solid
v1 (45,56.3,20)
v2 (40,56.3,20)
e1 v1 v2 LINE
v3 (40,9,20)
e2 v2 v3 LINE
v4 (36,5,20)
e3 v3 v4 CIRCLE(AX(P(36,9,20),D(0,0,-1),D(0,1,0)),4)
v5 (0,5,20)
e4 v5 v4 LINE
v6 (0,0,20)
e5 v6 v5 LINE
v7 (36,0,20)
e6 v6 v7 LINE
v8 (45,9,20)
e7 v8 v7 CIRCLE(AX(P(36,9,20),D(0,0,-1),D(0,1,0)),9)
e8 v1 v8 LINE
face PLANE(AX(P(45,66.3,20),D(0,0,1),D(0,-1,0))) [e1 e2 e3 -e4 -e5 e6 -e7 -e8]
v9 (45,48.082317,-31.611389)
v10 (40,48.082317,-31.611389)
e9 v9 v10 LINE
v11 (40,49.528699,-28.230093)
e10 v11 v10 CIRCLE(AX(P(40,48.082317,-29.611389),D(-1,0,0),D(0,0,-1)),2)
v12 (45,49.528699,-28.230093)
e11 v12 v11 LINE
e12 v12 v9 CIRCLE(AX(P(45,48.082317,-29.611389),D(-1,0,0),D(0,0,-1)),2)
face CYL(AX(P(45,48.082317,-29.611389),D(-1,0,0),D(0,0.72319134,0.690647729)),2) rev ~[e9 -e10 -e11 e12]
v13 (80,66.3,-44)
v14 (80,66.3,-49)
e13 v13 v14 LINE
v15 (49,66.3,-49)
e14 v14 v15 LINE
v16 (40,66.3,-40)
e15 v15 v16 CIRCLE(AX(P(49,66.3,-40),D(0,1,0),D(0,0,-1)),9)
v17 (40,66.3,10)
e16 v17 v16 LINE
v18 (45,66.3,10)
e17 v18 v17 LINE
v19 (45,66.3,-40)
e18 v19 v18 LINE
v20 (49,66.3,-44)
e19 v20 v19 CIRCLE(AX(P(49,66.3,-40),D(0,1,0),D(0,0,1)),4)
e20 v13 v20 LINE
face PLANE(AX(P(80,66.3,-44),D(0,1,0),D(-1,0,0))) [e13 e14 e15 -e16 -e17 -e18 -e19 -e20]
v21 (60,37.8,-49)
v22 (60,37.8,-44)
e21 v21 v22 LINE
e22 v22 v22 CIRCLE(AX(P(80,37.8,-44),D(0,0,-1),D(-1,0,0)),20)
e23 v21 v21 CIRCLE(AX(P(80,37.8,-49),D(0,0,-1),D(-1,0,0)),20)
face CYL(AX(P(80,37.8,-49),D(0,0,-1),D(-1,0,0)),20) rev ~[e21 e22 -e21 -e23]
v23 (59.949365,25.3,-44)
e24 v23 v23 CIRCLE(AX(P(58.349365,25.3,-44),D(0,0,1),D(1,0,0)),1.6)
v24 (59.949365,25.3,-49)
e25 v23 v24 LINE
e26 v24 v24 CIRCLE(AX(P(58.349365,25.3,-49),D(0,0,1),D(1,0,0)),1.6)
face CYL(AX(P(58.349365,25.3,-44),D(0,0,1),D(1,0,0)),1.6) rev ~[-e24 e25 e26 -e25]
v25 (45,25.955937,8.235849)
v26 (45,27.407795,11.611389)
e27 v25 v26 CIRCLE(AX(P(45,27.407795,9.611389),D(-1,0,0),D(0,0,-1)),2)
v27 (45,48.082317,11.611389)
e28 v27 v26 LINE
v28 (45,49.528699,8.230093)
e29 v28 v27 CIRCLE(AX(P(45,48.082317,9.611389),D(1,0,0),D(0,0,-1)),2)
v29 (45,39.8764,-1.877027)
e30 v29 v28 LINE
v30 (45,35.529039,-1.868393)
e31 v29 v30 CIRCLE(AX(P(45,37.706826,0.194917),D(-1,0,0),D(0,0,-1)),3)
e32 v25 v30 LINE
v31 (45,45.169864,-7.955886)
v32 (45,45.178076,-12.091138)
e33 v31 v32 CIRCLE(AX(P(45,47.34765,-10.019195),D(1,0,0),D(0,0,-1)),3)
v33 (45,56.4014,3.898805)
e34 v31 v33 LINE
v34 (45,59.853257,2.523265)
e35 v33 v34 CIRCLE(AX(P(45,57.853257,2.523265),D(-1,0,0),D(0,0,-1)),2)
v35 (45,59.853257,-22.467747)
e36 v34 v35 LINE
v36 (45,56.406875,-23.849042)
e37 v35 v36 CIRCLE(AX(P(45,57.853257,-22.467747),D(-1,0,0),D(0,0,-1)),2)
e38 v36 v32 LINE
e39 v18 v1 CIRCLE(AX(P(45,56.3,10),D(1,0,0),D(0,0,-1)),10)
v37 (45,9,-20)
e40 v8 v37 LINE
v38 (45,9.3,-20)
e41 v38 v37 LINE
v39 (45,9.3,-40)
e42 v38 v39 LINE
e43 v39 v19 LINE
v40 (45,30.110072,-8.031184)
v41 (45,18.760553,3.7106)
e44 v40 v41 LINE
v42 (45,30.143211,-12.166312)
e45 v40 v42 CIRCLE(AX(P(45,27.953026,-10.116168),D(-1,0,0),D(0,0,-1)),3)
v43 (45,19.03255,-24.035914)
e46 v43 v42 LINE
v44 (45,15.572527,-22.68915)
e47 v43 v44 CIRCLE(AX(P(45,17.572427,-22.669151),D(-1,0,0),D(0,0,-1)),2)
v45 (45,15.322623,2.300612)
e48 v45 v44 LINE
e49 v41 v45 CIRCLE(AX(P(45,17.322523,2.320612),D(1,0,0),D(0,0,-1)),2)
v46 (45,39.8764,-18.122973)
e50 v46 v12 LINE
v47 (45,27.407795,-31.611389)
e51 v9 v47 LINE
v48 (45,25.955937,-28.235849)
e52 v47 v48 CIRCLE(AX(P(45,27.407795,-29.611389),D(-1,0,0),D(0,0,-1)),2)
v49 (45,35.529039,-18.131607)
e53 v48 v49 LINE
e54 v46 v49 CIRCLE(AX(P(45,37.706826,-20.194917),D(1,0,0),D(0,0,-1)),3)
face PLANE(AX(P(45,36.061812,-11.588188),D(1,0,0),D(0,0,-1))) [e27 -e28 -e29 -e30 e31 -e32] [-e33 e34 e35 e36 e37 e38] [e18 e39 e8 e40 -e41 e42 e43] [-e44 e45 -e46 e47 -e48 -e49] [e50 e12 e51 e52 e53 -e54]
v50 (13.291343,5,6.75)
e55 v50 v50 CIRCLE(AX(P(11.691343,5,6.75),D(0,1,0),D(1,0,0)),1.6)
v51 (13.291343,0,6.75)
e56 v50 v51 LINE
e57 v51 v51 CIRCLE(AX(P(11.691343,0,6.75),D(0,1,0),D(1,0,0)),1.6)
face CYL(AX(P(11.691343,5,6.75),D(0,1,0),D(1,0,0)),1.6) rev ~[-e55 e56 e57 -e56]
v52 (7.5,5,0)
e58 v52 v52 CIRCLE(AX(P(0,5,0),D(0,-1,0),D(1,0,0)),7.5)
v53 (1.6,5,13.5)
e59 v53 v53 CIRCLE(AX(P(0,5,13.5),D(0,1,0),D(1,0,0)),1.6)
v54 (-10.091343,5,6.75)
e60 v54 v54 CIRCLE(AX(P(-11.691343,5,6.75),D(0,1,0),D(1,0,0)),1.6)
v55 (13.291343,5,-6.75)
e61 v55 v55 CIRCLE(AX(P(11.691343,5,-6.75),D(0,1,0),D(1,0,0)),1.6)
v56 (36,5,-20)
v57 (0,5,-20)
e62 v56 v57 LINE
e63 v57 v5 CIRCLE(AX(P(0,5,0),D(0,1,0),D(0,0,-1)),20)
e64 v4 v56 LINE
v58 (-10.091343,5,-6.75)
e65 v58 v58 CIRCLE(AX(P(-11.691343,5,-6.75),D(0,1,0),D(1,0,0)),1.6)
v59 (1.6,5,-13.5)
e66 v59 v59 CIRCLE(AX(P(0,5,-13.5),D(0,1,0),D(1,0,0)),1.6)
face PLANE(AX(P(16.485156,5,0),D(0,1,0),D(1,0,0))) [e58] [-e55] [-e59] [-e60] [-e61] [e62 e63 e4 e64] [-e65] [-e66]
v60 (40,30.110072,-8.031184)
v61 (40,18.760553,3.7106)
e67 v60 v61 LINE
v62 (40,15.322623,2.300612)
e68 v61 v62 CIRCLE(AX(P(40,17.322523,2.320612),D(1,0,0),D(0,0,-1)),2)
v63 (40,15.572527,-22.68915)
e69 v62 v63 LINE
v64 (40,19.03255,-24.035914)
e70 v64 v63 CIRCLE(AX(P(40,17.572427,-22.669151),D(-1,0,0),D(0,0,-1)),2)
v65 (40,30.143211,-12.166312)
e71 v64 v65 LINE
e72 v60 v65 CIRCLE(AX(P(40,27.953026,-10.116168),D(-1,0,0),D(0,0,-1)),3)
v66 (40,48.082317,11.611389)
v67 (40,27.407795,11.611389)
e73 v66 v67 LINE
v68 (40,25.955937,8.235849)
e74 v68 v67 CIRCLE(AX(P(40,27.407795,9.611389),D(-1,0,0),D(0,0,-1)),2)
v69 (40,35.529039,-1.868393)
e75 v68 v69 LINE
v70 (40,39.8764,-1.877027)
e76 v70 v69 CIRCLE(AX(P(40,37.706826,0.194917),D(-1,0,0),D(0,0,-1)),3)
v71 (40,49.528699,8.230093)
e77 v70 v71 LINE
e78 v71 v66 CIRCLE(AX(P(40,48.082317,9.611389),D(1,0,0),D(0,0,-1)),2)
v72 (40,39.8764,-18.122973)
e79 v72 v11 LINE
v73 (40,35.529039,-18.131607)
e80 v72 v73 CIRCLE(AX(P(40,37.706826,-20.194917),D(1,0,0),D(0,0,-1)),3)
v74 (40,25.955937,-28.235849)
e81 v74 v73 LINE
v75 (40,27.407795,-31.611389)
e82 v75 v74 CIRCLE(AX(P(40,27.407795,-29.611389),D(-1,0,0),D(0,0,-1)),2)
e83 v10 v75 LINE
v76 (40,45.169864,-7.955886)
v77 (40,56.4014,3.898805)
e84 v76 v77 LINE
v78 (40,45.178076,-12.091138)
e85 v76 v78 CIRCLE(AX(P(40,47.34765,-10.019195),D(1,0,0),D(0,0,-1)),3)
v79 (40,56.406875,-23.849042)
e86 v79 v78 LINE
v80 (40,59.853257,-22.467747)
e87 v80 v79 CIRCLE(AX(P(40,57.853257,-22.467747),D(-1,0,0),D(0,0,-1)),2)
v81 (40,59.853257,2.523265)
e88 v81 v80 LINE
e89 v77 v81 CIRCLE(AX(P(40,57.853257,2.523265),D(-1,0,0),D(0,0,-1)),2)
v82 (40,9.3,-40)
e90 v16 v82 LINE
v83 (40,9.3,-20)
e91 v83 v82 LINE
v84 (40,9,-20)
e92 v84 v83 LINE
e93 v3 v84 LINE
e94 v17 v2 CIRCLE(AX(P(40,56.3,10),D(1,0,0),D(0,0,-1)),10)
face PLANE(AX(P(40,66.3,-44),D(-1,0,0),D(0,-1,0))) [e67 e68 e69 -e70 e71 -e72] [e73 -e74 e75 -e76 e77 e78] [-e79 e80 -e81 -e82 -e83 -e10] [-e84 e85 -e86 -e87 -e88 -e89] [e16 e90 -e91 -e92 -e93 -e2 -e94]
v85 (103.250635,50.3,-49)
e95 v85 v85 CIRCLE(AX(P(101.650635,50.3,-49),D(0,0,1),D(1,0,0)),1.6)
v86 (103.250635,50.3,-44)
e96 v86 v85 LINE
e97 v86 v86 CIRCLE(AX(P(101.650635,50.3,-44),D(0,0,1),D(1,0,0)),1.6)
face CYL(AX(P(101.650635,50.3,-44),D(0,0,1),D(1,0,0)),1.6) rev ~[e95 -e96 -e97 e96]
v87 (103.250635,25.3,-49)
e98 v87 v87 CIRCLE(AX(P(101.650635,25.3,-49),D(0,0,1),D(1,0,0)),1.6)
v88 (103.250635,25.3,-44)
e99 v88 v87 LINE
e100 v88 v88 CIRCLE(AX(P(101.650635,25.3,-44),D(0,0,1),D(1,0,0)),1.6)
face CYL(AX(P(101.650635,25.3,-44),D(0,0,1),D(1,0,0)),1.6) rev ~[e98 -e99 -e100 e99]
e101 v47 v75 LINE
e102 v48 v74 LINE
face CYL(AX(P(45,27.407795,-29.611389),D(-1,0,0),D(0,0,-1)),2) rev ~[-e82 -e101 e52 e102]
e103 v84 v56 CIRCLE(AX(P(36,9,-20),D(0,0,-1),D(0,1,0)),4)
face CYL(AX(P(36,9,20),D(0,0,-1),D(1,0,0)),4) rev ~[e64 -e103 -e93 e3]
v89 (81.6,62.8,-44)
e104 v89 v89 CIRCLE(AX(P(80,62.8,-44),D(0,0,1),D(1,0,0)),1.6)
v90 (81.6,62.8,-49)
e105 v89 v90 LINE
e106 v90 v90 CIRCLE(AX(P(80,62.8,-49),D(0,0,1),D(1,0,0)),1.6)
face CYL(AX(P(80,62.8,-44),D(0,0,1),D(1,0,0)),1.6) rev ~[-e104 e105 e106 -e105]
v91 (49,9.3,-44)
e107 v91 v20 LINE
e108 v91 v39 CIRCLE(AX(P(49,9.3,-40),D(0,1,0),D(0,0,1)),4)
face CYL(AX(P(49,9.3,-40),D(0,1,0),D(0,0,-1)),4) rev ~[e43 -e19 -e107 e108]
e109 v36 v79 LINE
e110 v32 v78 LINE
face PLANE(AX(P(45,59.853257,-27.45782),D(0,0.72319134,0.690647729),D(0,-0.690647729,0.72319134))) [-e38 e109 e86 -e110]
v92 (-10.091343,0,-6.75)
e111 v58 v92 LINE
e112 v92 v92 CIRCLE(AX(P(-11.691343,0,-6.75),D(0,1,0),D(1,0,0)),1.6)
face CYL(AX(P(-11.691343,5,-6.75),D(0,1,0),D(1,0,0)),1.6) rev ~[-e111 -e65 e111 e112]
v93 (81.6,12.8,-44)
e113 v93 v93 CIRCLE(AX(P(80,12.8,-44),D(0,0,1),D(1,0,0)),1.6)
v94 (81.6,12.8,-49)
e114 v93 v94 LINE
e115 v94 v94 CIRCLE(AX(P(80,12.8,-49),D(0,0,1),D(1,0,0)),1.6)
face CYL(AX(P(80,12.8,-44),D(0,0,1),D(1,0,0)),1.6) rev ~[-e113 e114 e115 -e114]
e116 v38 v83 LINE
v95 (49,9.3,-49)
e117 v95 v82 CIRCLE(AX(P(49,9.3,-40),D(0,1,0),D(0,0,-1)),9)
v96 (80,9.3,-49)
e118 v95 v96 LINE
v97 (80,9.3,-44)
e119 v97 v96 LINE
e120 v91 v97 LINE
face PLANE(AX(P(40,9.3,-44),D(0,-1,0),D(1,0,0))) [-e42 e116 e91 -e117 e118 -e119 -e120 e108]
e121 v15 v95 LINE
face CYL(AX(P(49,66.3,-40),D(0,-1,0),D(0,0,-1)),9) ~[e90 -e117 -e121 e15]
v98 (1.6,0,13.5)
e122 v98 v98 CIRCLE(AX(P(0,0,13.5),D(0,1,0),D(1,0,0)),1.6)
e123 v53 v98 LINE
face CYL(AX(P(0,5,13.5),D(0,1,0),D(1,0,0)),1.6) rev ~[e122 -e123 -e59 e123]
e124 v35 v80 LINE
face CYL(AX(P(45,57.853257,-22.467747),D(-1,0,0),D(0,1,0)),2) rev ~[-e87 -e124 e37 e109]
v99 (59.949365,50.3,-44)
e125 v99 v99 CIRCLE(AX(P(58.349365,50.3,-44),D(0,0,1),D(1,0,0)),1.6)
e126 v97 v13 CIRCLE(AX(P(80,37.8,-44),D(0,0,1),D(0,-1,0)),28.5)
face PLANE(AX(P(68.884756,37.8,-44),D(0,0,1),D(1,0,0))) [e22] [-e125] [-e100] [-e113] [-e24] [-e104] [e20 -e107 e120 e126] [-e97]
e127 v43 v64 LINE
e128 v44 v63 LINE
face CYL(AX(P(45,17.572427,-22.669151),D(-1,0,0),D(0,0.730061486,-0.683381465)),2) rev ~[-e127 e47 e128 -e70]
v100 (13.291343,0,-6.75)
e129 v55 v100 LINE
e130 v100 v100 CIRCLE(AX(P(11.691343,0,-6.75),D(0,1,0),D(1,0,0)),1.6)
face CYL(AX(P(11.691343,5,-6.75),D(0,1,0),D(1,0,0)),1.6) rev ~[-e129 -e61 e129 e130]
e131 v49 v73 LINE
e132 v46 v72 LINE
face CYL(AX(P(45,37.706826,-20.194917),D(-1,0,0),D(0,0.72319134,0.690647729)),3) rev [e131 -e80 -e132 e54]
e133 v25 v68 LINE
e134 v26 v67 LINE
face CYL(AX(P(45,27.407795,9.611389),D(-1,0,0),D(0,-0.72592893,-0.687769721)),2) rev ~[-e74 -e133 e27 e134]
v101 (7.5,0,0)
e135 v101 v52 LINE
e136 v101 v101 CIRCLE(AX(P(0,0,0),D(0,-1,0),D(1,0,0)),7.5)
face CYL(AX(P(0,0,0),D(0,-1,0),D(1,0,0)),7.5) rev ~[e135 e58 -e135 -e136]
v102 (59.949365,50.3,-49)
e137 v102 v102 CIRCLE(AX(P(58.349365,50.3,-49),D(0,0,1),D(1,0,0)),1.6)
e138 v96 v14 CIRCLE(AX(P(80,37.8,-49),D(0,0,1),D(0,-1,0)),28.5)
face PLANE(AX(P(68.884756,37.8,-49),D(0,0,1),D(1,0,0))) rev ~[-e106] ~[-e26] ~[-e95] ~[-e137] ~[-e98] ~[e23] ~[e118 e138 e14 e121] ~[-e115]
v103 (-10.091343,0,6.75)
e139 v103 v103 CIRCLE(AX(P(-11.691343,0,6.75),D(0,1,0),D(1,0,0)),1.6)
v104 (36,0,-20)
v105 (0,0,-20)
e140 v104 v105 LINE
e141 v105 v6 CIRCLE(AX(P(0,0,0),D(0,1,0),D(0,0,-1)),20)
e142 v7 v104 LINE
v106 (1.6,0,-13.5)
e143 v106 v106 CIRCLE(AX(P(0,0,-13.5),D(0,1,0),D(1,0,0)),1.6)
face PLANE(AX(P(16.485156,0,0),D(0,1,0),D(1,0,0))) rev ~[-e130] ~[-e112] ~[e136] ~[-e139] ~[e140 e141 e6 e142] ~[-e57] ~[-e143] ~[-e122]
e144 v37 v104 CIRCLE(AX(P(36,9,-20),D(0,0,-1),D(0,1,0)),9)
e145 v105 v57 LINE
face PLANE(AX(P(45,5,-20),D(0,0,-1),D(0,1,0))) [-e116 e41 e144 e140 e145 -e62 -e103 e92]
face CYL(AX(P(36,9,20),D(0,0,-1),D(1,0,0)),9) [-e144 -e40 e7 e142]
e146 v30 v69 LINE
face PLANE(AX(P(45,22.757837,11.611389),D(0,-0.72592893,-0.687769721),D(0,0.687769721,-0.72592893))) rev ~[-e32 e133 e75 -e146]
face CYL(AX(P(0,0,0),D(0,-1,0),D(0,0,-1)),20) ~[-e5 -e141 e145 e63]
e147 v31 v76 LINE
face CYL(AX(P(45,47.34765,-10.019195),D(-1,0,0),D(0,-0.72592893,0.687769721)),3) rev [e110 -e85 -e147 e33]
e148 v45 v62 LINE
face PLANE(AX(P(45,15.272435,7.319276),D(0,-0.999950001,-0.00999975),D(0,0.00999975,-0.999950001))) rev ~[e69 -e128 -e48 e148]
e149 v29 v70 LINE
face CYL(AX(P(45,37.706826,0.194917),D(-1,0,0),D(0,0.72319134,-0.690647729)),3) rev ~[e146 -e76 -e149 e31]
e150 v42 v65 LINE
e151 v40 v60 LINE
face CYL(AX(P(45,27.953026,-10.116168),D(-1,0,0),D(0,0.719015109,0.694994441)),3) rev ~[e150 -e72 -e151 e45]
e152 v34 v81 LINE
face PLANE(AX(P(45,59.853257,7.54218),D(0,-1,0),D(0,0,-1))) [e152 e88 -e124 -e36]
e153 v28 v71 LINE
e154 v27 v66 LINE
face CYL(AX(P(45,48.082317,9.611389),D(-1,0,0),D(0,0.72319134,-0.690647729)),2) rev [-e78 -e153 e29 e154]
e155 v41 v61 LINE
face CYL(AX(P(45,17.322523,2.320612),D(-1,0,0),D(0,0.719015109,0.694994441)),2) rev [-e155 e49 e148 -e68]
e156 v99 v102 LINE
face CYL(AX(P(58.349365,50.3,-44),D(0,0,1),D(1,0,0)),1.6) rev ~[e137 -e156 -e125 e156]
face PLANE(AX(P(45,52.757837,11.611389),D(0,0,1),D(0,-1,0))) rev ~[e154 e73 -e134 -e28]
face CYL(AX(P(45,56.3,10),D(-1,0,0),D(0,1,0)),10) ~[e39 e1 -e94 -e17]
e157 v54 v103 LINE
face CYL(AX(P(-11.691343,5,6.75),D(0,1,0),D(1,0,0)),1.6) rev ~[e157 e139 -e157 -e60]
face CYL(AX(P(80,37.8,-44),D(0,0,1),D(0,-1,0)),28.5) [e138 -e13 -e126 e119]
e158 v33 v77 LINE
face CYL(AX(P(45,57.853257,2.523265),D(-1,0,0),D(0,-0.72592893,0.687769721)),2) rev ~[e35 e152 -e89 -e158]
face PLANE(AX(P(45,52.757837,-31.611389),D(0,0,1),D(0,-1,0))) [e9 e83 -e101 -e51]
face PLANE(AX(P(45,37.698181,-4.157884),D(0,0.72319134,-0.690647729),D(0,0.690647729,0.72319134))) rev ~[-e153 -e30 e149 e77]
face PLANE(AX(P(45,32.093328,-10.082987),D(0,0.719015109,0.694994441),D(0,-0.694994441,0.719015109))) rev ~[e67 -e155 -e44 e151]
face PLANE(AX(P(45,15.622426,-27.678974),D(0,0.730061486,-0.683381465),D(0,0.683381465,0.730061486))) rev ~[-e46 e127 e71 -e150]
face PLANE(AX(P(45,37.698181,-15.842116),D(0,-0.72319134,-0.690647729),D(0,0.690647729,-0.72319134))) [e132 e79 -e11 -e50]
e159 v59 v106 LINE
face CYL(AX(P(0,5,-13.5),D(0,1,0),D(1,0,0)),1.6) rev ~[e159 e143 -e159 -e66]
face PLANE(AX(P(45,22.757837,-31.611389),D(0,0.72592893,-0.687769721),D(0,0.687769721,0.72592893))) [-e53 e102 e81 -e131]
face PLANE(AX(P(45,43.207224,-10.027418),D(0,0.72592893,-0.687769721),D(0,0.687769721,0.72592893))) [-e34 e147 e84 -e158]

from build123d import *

# Parameters (mm, degrees)
EXTRUDE_1_DEPTH     = 5
SKETCH_3_R          = 1.6
CUT_EXTRUDE_1_DEPTH = 11
EXTRUDE_3_DEPTH     = 5
EXTRUDE_4_DEPTH     = 5
SKETCH_25_R         = 20
CUT_EXTRUDE_2_DEPTH = 5
FILLET_1_R          = 4
FILLET_4_R          = 9
SKETCH_19_R         = 7.5
CUT_EXTRUDE_3_DEPTH = 5
SKETCH_26_R         = 1.6
CUT_EXTRUDE_4_DEPTH = 5
FILLET_5_R          = 10
CUT_EXTRUDE_5_DEPTH = 5
FILLET_10_R         = 2
FILLET_11_R         = 3


with BuildPart() as part:
    # 草图1 → 凸台-拉伸1 (new body)
    with BuildSketch(Plane(origin=(0, 0, 0), x_dir=(1, 0, 0), z_dir=(0, 1, 0))):
        with BuildLine():
            Line((45, 20), (0, 20))
            ThreePointArc((0, 20), (-20, 0), (0, -20))
            Line((0, -20), (45, -20))
            Line((45, -20), (45, 20))
        make_face()
    extrude(amount=EXTRUDE_1_DEPTH)

    # 草图3 → 切除-拉伸1 (cut)
    with BuildSketch(Plane(origin=(0, 5, 0), x_dir=(1, 0, 0), z_dir=(0, 1, 0))):
        with Locations((0, 13.5)):
            Circle(SKETCH_3_R)
        with Locations((11.691342951, 6.75)):
            Circle(SKETCH_3_R)
        with Locations((11.691342951, -6.75)):
            Circle(SKETCH_3_R)
        with Locations((0, -13.5)):
            Circle(SKETCH_3_R)
        with Locations((-11.691342951, -6.75)):
            Circle(SKETCH_3_R)
        with Locations((-11.691342951, 6.75)):
            Circle(SKETCH_3_R)
    extrude(amount=-CUT_EXTRUDE_1_DEPTH, mode=Mode.SUBTRACT)

    # 草图22 → 凸台-拉伸3 (add)
    with BuildSketch(Plane(origin=(45, 0, 0), x_dir=(0, 0, -1), z_dir=(1, 0, 0))):
        Polygon((-20, 5), (20, 5), (20, 9.3), (44, 9.3), (44, 66.3), (-20, 66.3), align=None)
    extrude(amount=-EXTRUDE_3_DEPTH)

    # 草图24 → 凸台-拉伸4 (add)
    with BuildSketch(Plane(origin=(0, 0, -44), x_dir=(-1, 0, 0), z_dir=(0, 0, -1))):
        with BuildLine():
            Line((-40, 9.3), (-80, 9.3))
            ThreePointArc((-80, 9.3), (-108.5, 37.8), (-80, 66.3))
            Line((-80, 66.3), (-40, 66.3))
            Line((-40, 66.3), (-40, 9.3))
        make_face()
    extrude(amount=EXTRUDE_4_DEPTH)

    # 草图25 → 切除-拉伸2 (cut)
    with BuildSketch(Plane(origin=(0, 0, -49), x_dir=(-1, 0, 0), z_dir=(0, 0, -1))):
        with Locations((-80, 37.8)):
            Circle(SKETCH_25_R)
    extrude(amount=-CUT_EXTRUDE_2_DEPTH, mode=Mode.SUBTRACT)

    # 圆角1
    fillet_1_edges = [part.edges().sort_by_distance(p)[0] for p in [
        (40, 5, 0),
        (45, 37.8, -44),
    ]]
    fillet(fillet_1_edges, radius=FILLET_1_R)

    # 圆角4
    fillet_4_edges = [part.edges().sort_by_distance(p)[0] for p in [
        (45, 0, 0),
        (40, 37.8, -49),
    ]]
    fillet(fillet_4_edges, radius=FILLET_4_R)

    # 草图19 → 切除-拉伸3 (cut)
    with BuildSketch(Plane.XZ):
        Circle(SKETCH_19_R)
    extrude(amount=-CUT_EXTRUDE_3_DEPTH, mode=Mode.SUBTRACT)

    # 草图26 → 切除-拉伸4 (cut)
    with BuildSketch(Plane.XY.offset(-44)):
        with Locations((101.650635095, 50.3)):
            Circle(SKETCH_26_R)
        with Locations((101.650635095, 25.3)):
            Circle(SKETCH_26_R)
        with Locations((80, 12.8)):
            Circle(SKETCH_26_R)
        with Locations((58.349364905, 25.3)):
            Circle(SKETCH_26_R)
        with Locations((58.349364905, 50.3)):
            Circle(SKETCH_26_R)
        with Locations((80, 62.8)):
            Circle(SKETCH_26_R)
    extrude(amount=-CUT_EXTRUDE_4_DEPTH, mode=Mode.SUBTRACT)

    # 圆角5
    fillet_5_edges = [part.edges().sort_by_distance(p)[0] for p in [
        (42.5, 66.3, 20),
    ]]
    fillet(fillet_5_edges, radius=FILLET_5_R)

    # 草图27 → 切除-拉伸5 (cut)
    with BuildSketch(Plane(origin=(45, 0, 0), x_dir=(0, 0, -1), z_dir=(1, 0, 0))):
        Polygon((10.027417726, 43.207223614), (-7.542180321, 59.853257478), (27.457819679, 59.853257478), align=None)
        Polygon((15.84211595, 37.698181047), (31.611388693, 52.757836516), (31.611388693, 22.757836516), align=None)
        Polygon((-7.31927621, 15.272435239), (27.678973834, 15.622426489), (10.082987202, 32.093328411), align=None)
        Polygon((-11.611388693, 52.757836516), (-11.611388693, 22.757836516), (4.15788405, 37.698181047), align=None)
    extrude(amount=-CUT_EXTRUDE_5_DEPTH, mode=Mode.SUBTRACT)

    # 圆角10
    fillet_10_edges = [part.edges().sort_by_distance(p)[0] for p in [
        (42.5, 15.272435239, 7.31927621),
        (42.5, 15.622426489, -27.678973834),
        (42.5, 22.757836516, -31.611388693),
        (42.5, 52.757836516, -31.611388693),
        (42.5, 52.757836516, 11.611388693),
        (42.5, 22.757836516, 11.611388693),
        (42.5, 59.853257478, -27.457819679),
        (42.5, 59.853257478, 7.542180321),
    ]]
    fillet(fillet_10_edges, radius=FILLET_10_R)

    # 圆角11
    fillet_11_edges = [part.edges().sort_by_distance(p)[0] for p in [
        (42.5, 32.093328411, -10.082987202),
        (42.5, 37.698181047, -15.84211595),
        (42.5, 37.698181047, -4.15788405),
        (42.5, 43.207223614, -10.027417726),
    ]]
    fillet(fillet_11_edges, radius=FILLET_11_R)


solid = part.part
